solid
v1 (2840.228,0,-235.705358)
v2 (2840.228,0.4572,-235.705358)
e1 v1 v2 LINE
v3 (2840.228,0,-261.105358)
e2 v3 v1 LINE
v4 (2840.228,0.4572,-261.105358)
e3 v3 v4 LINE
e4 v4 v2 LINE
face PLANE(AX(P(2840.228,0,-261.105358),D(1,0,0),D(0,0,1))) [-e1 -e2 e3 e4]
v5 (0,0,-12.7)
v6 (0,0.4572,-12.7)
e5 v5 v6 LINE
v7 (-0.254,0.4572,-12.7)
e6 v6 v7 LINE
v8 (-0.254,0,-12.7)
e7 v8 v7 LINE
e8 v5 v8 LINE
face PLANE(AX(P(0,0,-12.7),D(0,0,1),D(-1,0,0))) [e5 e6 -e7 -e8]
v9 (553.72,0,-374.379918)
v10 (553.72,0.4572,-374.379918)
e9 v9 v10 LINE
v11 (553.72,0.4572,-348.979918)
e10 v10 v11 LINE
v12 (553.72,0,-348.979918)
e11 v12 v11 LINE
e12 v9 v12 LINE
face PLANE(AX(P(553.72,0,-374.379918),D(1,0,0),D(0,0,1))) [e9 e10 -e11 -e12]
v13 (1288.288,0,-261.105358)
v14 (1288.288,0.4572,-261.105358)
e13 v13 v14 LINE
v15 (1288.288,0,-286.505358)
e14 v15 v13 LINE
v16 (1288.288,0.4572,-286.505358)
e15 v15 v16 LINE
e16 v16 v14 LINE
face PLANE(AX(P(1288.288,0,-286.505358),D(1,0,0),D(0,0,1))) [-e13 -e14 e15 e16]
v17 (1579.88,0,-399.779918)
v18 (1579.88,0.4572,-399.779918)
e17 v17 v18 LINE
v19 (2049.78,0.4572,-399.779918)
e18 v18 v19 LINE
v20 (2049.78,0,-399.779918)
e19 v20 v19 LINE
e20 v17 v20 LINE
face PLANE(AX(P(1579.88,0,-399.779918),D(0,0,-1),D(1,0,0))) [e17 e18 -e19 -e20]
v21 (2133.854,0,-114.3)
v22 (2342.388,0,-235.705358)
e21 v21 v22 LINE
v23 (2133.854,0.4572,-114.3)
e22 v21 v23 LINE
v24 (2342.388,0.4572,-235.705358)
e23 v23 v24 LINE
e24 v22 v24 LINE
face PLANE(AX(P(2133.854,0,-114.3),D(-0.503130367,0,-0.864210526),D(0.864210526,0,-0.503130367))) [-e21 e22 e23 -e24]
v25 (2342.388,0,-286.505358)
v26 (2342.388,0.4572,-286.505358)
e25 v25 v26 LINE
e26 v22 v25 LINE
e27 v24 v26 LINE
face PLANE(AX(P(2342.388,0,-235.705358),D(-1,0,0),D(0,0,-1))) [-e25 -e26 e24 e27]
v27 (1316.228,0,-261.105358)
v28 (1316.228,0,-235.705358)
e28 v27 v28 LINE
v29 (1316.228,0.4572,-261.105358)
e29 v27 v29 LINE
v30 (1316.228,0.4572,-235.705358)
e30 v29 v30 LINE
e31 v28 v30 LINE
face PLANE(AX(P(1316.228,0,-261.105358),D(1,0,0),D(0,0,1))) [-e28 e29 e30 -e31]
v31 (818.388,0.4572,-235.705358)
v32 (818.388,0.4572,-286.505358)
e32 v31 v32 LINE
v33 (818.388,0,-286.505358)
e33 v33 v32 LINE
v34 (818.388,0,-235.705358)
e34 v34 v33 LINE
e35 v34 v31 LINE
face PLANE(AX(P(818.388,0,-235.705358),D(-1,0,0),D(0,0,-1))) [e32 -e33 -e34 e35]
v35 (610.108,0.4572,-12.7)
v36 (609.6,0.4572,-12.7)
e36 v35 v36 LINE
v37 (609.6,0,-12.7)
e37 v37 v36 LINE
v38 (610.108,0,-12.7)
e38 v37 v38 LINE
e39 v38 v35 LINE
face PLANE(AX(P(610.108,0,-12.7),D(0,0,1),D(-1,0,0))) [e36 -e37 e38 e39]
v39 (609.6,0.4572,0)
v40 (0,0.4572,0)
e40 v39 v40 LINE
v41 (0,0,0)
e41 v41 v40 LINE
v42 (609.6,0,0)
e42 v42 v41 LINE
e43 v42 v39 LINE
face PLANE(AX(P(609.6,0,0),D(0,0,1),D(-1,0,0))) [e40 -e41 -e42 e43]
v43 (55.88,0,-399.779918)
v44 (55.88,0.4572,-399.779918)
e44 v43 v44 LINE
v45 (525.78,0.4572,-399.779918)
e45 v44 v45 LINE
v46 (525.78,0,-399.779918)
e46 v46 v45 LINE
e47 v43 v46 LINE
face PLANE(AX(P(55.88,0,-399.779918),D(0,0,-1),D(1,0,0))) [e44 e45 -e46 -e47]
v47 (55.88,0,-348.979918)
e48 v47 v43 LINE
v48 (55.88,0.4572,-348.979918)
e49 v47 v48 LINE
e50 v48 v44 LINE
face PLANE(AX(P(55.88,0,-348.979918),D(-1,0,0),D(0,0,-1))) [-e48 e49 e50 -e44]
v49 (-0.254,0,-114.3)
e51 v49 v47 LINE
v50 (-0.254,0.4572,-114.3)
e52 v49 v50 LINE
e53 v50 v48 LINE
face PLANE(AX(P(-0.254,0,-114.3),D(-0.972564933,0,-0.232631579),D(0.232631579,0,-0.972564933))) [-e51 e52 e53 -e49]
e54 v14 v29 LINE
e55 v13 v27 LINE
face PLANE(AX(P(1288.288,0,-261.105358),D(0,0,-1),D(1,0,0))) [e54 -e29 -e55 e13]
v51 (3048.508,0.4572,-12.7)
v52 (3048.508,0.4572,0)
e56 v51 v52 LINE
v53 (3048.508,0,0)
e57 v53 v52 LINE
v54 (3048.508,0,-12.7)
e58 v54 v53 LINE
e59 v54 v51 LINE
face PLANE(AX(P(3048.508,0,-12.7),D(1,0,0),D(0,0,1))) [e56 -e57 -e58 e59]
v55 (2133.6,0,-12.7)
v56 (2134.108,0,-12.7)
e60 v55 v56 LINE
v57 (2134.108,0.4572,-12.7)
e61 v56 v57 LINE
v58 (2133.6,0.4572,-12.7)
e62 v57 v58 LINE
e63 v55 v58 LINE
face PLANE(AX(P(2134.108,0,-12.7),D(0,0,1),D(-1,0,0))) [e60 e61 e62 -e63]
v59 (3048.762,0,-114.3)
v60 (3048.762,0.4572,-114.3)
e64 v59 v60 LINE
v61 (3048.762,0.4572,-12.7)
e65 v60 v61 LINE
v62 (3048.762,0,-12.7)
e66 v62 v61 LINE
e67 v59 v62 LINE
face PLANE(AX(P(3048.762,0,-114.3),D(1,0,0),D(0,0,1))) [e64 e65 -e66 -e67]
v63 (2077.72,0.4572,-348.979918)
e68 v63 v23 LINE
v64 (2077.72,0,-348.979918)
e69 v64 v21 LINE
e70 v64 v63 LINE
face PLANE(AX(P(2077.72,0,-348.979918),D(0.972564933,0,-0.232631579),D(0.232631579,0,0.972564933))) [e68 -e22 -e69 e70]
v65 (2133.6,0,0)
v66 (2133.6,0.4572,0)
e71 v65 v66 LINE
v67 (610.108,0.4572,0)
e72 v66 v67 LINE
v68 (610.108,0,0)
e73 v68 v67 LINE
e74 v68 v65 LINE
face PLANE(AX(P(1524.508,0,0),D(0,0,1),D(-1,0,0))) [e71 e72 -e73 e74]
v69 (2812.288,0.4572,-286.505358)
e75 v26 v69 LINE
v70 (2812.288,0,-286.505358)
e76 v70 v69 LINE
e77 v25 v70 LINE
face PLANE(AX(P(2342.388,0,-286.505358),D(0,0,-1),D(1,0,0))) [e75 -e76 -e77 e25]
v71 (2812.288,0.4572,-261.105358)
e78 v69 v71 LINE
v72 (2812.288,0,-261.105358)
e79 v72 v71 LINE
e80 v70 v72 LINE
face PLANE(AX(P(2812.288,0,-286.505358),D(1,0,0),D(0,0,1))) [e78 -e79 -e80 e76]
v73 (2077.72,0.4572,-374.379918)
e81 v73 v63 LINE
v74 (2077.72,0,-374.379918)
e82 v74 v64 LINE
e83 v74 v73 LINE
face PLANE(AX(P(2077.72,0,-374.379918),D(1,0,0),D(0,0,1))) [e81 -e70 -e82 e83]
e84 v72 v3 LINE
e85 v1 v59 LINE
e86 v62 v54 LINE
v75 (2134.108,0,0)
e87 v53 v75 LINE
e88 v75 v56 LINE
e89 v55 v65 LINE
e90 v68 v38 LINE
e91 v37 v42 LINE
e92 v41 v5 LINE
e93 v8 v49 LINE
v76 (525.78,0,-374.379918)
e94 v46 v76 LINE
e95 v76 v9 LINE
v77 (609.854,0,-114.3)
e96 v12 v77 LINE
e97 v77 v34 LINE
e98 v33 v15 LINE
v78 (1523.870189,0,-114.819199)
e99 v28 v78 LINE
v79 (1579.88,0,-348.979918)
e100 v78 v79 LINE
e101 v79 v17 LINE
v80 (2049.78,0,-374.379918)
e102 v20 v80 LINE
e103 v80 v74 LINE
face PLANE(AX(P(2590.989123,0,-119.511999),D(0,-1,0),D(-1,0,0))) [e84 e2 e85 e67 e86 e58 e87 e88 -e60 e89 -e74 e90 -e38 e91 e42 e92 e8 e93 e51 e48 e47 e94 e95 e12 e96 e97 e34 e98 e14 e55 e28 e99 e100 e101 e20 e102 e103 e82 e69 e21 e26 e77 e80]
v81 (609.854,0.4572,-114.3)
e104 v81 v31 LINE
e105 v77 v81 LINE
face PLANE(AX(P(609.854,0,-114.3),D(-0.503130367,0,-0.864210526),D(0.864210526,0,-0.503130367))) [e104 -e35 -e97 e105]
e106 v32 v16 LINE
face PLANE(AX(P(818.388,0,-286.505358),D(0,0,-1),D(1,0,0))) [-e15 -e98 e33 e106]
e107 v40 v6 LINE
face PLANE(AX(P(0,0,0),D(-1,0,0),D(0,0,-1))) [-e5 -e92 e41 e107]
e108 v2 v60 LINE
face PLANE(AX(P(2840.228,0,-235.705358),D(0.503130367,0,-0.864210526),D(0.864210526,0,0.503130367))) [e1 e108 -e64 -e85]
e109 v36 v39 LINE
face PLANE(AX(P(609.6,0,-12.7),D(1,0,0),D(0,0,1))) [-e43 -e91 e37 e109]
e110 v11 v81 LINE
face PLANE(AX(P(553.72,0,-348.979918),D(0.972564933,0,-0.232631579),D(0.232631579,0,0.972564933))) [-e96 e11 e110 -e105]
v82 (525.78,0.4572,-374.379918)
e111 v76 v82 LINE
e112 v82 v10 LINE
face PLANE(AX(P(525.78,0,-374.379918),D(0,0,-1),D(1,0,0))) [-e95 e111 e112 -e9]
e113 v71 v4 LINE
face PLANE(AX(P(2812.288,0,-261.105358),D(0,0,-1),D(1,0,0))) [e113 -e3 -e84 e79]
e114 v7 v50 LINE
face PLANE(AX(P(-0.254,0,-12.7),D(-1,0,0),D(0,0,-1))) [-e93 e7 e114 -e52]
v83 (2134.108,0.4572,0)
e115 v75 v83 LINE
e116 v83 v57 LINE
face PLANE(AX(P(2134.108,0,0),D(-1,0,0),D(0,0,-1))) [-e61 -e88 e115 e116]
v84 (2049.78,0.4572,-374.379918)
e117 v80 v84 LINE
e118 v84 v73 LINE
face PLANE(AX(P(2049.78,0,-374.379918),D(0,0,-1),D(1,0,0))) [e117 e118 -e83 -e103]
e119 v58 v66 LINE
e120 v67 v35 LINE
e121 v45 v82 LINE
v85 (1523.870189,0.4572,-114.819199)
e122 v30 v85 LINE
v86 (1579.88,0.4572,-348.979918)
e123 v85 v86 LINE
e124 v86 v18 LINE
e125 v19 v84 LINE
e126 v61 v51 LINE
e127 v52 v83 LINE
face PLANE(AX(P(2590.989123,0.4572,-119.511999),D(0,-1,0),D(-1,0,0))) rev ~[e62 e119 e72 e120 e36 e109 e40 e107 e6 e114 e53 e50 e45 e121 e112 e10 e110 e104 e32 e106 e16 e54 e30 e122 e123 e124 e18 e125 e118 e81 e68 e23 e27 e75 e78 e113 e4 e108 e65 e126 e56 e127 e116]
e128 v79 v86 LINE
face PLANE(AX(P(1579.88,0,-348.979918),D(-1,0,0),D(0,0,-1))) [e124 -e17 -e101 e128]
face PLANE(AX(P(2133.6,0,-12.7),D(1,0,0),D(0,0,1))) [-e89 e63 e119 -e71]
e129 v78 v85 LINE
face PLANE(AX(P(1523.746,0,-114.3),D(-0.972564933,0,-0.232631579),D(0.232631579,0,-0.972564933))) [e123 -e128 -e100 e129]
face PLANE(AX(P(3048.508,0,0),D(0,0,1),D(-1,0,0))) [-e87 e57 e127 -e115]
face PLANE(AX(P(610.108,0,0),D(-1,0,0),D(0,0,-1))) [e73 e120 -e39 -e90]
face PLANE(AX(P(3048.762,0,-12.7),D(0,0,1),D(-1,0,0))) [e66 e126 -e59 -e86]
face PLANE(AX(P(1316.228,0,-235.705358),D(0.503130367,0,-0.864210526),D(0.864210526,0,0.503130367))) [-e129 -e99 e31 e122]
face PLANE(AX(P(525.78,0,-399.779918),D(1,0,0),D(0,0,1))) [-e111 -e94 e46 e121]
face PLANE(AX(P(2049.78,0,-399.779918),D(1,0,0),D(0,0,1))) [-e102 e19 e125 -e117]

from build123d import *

# Parameters (mm, degrees)
BOSS_EXTRUDE1_DEPTH = 0.4572
BOSS_EXTRUDE2_DEPTH = 0.4572
LPATTERN1_COUNT     = 2
LPATTERN1_PITCH     = 1524


with BuildPart() as part:
    # Sketch1 → Boss-Extrude1 (new body)
    with BuildSketch(Plane(origin=(0, 0, 0), x_dir=(1, 0, 0), z_dir=(0, 1, 0))):
        Polygon((0, 0), (0, 12.7), (-0.254, 12.7), (-0.254, 114.3), (55.88, 348.97991828), (55.88, 399.77991828), (525.78, 399.77991828), (525.78, 374.37991828), (553.72, 374.37991828), (553.72, 348.97991828), (609.854, 114.3), (609.854, 12.7), (609.6, 12.7), (609.6, 0), align=None)
    boss_extrude1 = extrude(amount=BOSS_EXTRUDE1_DEPTH)

    # Sketch3 → Boss-Extrude2 (add)
    with BuildSketch(Plane(origin=(0, 0, 0), x_dir=(1, 0, 0), z_dir=(0, 1, 0))):
        Polygon((610.108, 0), (610.108, 12.7), (609.854, 12.7), (609.854, 114.3), (818.388, 235.705357559), (818.388, 286.505357559), (1288.288, 286.505357559), (1288.288, 261.105357559), (1316.228, 261.105357559), (1316.228, 235.705357559), (1524.762, 114.3), (1524.762, 12.7), (1524.508, 12.7), (1524.508, 0), align=None)
    boss_extrude2 = extrude(amount=BOSS_EXTRUDE2_DEPTH)

    # LPattern1: Boss-Extrude1, Boss-Extrude2 ×2
    with Locations(*[(i * LPATTERN1_PITCH, 0, 0) for i in range(1, LPATTERN1_COUNT)]):
        add(boss_extrude1)
        add(boss_extrude2)


solid = part.part
